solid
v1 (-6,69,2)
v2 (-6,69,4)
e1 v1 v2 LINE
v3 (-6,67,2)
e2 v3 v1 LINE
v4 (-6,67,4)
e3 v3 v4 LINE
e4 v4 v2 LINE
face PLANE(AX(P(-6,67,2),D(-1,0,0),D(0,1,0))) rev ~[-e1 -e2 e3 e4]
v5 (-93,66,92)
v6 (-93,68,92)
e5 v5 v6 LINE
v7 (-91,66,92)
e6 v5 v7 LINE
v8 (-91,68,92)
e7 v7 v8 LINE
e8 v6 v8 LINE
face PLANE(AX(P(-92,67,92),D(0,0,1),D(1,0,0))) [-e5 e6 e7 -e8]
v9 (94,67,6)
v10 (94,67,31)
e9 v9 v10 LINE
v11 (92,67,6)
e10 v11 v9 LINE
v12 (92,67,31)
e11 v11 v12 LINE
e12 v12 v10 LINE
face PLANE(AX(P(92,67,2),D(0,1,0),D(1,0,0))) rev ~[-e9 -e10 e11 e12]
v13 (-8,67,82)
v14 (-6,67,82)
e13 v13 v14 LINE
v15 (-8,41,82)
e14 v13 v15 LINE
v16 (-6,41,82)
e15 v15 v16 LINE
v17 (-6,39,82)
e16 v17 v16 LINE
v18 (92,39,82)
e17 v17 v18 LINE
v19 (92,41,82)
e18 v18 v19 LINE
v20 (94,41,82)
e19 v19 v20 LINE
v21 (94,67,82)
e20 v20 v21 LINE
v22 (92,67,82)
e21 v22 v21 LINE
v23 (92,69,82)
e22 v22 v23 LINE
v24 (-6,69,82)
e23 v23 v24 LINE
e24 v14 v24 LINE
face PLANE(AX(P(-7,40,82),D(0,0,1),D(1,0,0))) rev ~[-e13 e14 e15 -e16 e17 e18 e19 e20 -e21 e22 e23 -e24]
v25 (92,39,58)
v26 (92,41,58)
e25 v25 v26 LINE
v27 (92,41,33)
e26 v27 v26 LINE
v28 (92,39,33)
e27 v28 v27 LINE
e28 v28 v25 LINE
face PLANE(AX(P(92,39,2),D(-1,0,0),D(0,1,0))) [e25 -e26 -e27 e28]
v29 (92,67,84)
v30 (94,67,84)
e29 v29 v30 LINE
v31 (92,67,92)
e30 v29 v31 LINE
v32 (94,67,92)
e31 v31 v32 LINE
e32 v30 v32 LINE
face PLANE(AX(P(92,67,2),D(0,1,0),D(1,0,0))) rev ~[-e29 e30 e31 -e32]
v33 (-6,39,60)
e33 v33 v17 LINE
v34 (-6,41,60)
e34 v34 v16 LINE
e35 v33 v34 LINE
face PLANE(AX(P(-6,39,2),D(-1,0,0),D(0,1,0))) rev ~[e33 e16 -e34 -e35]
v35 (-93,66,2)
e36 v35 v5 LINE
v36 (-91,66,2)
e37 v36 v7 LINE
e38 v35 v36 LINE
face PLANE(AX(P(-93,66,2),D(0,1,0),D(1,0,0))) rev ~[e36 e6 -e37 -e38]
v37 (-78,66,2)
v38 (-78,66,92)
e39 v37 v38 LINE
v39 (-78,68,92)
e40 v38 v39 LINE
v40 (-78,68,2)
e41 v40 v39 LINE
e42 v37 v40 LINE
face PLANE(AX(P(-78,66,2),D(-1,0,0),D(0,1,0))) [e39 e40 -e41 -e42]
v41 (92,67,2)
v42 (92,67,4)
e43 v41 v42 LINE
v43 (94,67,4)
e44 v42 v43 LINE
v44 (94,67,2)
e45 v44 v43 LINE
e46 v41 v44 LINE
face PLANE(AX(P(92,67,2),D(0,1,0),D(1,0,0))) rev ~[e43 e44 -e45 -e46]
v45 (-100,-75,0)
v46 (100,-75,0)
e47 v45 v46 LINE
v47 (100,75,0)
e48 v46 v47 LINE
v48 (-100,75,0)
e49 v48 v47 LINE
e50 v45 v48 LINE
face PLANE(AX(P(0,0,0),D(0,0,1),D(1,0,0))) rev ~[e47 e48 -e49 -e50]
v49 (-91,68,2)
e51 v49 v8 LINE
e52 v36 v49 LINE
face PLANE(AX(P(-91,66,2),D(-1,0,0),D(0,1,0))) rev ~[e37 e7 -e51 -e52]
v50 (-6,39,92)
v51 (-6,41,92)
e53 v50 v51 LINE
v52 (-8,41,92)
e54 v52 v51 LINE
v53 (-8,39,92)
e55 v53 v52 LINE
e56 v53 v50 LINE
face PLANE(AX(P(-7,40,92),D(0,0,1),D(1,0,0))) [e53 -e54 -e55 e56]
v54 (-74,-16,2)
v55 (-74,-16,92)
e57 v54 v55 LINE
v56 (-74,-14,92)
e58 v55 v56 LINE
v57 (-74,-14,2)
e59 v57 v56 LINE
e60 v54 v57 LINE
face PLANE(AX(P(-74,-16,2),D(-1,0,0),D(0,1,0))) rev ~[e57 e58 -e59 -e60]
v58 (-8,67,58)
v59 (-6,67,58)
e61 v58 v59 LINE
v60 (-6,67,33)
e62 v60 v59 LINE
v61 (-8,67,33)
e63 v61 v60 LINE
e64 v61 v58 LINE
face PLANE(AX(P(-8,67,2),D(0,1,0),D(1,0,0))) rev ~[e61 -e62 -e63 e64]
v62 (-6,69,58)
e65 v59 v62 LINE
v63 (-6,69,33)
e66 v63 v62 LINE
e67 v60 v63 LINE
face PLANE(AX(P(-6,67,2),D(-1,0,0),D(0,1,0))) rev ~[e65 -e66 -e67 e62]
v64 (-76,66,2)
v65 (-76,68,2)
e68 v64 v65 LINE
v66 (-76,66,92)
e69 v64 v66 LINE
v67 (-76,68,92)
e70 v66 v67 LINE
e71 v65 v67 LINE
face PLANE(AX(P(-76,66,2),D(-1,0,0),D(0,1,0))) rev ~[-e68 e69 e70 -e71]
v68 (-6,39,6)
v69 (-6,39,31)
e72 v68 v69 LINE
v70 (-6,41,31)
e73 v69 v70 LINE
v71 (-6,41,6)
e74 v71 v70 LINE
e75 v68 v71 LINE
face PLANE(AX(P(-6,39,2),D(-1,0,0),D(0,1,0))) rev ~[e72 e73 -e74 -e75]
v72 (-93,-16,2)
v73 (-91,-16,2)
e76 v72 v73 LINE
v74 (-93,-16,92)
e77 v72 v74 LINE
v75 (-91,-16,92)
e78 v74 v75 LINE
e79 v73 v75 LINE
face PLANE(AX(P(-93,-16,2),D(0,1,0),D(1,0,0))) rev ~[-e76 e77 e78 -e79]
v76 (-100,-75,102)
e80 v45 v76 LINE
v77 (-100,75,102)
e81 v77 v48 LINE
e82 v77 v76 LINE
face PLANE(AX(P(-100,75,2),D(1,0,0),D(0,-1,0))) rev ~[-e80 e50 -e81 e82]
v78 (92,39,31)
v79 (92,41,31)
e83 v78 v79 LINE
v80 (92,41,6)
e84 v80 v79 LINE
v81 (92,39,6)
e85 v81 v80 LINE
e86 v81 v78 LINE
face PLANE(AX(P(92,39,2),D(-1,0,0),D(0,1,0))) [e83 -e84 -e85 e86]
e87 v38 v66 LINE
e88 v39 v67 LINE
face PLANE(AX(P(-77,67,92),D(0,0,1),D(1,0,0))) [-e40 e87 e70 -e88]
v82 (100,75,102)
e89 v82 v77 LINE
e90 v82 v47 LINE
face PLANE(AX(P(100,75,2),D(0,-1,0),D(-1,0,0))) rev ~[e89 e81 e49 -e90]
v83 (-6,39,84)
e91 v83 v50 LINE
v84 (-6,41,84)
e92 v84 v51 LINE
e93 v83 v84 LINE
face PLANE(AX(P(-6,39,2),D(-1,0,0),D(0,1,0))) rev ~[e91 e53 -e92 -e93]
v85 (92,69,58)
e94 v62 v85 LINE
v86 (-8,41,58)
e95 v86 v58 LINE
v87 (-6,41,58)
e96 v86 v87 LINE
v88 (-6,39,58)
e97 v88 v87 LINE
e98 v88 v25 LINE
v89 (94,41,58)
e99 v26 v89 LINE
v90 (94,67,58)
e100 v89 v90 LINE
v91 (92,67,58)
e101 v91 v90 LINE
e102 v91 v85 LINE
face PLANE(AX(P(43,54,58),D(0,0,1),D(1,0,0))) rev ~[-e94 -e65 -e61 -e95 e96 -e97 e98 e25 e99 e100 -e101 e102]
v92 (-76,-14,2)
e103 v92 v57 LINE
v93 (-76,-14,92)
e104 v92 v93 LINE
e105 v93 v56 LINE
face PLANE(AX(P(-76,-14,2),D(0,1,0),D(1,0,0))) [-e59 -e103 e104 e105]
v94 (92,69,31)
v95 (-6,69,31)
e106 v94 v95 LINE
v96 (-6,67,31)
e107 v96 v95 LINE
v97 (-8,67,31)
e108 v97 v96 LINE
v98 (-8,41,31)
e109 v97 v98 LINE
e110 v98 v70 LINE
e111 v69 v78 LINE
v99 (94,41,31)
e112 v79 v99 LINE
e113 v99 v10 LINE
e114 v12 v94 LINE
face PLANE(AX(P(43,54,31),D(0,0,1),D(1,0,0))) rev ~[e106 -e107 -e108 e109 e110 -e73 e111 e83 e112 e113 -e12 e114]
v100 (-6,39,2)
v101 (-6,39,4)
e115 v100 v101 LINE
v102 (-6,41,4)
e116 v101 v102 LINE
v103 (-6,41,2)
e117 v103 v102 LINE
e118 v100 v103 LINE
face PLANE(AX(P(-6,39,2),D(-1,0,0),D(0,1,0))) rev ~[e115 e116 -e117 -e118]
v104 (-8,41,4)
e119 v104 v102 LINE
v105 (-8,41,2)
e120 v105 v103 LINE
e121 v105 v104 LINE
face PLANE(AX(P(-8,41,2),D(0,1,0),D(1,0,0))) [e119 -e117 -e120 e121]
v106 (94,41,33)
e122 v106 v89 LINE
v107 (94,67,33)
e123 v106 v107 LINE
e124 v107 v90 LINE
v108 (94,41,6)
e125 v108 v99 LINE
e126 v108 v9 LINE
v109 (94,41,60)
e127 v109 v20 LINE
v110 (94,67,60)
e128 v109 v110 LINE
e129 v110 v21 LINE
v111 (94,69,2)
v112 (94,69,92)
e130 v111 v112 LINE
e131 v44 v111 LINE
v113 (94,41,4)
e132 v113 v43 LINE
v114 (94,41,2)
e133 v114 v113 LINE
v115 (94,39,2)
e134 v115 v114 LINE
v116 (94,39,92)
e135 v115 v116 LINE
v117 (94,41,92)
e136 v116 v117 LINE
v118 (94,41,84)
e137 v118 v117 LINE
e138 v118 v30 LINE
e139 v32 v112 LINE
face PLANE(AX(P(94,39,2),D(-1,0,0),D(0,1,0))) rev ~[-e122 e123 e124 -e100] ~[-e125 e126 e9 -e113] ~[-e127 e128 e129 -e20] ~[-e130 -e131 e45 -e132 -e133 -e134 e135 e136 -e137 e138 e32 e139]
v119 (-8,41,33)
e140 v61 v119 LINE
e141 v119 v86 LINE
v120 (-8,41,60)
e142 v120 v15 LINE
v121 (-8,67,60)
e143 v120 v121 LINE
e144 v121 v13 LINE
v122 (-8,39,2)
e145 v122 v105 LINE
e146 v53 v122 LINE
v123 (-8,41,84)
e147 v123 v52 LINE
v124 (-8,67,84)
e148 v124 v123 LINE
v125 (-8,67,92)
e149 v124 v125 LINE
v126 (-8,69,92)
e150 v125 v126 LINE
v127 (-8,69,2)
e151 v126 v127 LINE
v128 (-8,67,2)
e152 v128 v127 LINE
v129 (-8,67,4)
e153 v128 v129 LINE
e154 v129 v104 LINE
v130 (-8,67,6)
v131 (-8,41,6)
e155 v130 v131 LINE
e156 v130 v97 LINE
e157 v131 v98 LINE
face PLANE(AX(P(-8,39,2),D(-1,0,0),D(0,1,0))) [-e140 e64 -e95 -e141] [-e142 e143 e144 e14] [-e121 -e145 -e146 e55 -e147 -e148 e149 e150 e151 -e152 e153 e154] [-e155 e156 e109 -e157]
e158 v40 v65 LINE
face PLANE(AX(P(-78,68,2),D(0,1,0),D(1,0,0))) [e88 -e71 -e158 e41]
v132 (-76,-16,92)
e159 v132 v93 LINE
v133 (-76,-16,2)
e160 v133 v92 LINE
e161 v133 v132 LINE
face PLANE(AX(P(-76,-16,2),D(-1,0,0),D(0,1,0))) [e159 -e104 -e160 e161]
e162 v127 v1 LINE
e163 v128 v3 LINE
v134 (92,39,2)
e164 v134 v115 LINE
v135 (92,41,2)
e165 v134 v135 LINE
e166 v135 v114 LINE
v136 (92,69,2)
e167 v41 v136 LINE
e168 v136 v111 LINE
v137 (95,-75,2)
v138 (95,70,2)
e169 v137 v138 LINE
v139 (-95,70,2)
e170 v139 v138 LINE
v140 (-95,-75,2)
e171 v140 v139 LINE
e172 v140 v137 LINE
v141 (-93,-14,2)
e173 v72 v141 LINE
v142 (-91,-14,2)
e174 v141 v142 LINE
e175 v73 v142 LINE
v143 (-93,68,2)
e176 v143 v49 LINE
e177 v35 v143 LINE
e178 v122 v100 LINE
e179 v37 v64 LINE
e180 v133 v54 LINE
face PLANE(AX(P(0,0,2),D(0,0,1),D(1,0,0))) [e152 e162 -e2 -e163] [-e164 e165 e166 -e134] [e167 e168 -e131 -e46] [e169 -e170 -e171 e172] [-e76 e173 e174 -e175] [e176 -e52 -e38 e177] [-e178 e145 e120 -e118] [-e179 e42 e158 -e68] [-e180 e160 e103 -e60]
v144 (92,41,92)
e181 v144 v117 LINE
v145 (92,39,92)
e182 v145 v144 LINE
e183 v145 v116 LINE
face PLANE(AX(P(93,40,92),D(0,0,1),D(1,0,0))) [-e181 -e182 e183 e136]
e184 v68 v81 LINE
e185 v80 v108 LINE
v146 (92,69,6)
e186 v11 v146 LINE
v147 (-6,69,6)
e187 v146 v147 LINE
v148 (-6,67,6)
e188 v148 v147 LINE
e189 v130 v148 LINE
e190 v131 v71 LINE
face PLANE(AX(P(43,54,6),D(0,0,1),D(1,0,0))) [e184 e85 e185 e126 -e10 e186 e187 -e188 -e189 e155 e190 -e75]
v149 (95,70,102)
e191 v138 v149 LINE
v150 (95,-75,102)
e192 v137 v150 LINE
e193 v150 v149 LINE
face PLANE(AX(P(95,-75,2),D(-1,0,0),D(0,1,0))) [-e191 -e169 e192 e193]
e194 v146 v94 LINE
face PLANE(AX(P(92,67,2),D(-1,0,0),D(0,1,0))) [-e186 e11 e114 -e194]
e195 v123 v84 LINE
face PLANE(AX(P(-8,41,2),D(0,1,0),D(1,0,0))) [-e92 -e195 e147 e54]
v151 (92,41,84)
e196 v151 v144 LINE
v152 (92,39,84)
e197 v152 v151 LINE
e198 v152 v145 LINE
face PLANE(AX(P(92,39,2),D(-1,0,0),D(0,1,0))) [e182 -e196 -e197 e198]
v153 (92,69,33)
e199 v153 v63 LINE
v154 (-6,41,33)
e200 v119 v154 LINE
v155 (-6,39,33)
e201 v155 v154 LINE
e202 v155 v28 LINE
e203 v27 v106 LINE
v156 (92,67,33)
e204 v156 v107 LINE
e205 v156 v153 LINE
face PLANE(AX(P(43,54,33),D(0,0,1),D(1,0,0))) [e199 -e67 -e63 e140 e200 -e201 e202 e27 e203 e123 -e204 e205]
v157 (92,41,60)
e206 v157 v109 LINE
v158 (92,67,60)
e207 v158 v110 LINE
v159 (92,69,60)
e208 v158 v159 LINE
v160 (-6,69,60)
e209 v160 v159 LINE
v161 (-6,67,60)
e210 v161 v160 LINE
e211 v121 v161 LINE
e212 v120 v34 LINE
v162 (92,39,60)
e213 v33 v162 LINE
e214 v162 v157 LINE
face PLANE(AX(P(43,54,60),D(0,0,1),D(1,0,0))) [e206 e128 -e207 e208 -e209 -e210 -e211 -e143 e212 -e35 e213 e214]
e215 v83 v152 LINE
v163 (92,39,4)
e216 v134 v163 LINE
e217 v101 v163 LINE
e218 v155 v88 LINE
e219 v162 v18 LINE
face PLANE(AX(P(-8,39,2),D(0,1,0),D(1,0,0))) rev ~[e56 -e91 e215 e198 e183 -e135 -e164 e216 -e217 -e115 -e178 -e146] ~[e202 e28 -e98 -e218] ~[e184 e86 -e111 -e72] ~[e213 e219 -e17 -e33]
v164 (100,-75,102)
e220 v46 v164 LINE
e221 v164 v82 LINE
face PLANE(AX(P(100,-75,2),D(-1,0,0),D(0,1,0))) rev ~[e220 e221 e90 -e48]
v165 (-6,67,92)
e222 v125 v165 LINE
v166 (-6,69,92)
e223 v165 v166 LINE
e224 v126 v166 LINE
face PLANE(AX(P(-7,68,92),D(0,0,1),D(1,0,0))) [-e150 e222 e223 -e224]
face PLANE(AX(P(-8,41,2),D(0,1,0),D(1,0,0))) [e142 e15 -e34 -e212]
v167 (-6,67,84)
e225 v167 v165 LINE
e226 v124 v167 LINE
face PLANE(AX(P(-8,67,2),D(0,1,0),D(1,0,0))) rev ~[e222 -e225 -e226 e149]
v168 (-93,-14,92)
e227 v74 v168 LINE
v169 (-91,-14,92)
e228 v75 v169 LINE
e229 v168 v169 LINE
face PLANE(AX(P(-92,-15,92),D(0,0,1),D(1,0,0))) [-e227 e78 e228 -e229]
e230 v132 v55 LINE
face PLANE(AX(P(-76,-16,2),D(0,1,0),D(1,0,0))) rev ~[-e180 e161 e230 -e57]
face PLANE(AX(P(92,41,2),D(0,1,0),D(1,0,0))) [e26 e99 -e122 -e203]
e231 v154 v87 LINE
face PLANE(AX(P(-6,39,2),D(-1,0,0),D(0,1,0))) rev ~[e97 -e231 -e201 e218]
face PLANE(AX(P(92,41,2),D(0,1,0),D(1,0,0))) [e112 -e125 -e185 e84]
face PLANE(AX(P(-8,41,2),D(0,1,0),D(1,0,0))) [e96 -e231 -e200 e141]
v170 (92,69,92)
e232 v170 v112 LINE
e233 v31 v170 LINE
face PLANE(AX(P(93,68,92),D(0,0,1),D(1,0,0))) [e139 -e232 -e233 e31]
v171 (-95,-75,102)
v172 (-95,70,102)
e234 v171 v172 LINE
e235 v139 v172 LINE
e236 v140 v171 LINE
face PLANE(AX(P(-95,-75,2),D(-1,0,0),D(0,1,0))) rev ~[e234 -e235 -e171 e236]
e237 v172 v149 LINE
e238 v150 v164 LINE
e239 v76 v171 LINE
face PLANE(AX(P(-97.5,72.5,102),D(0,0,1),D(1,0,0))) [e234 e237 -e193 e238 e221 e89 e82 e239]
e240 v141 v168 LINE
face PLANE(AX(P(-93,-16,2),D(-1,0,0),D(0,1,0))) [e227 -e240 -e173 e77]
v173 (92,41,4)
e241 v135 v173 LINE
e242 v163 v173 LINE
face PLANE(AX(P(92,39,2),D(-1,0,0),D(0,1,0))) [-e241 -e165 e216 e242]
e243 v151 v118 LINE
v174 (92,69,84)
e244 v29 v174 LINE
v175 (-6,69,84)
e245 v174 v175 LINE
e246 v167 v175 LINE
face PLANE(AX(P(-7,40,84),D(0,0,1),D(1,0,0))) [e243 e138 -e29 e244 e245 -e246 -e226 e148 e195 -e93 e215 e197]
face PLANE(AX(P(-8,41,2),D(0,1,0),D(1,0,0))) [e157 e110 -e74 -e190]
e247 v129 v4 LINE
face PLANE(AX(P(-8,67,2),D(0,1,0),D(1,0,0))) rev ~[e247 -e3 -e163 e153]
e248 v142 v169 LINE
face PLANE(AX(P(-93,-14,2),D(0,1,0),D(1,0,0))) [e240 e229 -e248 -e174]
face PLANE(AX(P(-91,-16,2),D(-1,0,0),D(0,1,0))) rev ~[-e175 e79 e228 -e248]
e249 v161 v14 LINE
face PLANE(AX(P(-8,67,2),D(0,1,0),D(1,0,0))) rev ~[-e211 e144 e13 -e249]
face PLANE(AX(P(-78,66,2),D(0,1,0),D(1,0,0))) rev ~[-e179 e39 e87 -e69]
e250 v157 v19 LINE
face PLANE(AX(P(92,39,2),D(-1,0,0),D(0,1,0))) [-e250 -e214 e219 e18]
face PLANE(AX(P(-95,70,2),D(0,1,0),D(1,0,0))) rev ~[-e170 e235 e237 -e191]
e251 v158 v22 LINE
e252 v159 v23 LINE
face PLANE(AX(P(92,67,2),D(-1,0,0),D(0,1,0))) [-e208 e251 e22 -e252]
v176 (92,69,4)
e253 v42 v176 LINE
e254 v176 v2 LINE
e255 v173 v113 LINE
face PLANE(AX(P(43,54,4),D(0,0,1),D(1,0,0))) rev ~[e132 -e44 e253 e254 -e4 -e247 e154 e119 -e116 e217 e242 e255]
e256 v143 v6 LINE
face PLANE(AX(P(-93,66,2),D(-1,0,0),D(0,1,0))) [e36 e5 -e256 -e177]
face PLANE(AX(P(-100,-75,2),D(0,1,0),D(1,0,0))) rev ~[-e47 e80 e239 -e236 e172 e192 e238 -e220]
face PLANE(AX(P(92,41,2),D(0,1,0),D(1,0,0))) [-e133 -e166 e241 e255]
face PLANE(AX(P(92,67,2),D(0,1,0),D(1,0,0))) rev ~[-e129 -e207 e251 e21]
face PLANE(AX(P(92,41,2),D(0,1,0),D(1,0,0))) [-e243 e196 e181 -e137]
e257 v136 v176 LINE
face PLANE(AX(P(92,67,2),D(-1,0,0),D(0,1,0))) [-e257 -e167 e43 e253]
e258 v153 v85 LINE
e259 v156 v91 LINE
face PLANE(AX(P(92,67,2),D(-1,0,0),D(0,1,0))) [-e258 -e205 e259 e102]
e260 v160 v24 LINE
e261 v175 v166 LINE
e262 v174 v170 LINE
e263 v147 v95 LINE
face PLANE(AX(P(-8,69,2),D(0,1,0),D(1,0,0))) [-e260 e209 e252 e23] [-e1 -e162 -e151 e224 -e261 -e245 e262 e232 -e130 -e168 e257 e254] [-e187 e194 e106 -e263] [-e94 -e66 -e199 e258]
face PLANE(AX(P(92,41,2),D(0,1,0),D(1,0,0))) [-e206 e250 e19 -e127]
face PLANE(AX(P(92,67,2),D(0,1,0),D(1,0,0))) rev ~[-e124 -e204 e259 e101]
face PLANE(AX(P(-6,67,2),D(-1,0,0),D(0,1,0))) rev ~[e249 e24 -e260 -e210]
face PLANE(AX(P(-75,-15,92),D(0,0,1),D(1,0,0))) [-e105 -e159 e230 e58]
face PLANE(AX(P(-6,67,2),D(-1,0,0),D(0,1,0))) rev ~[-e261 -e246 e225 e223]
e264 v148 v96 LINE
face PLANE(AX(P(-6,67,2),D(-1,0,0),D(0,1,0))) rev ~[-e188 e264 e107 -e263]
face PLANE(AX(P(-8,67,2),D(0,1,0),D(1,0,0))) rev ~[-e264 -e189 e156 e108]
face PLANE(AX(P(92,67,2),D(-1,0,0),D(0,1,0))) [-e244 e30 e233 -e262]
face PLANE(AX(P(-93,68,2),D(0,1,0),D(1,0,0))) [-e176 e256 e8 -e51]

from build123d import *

# Parameters (mm, degrees)
F0_W      = 200
F0_H      = 150
F1_DEPTH  = 2
F2_W      = 5
F2_H      = 5
F2_W_2    = 190
F2_H_2    = 145
F3_DEPTH  = 100
F4_W      = 2
F4_H      = 2
F5_DEPTH  = 90
F7_W      = 2
F7_H      = 2
F8_DEPTH  = 2
F10_W     = 2
F10_H     = 2
F11_DEPTH = 2
F13_W     = 2
F13_H     = 2
F14_DEPTH = 2
F16_W     = 102
F16_H     = 30
F17_DEPTH = 2


with BuildPart() as f1:
    # F0 (on Top) → F1 (new body)
    with BuildSketch(Plane.XY):
        Rectangle(F0_W, F0_H)
    extrude(amount=F1_DEPTH)

    # F2 (on face) → F3 (join)
    with BuildSketch(Plane.XY.offset(2)):
        with Locations((-97.5, 72.5)):
            Rectangle(F2_W, F2_H)
        with Locations((0, 72.5)):
            Rectangle(F2_W_2, F2_H)
        with Locations((-97.5, -2.5)):
            Rectangle(F2_W, F2_H_2)
        with Locations((97.5, 72.5)):
            Rectangle(F2_W, F2_H)
        with Locations((97.5, -2.5)):
            Rectangle(F2_W, F2_H_2)
    extrude(amount=F3_DEPTH)

    # F4 (on face) → F5 (join)
    with BuildSketch(Plane.XY.offset(2)):
        with Locations((93, 68)):
            Rectangle(F4_W, F4_H)
        with Locations((-7, 68)):
            Rectangle(F4_W, F4_H)
        with Locations((-7, 40)):
            Rectangle(F4_W, F4_H)
        with Locations((93, 40)):
            Rectangle(F4_W, F4_H)
        with Locations((-92, 67)):
            Rectangle(F4_W, F4_H)
        with Locations((-92, -15)):
            Rectangle(F4_W, F4_H)
        with Locations((-77, 67)):
            Rectangle(F4_W, F4_H)
        with Locations((-75, -15)):
            Rectangle(F4_W, F4_H)
    extrude(amount=F5_DEPTH)

    # F7 (on offset) → F8 (join)
    with BuildSketch(Plane.XY.offset(82)):
        with Locations((-7, 40)):
            Rectangle(F7_W, F7_H)
        Polygon((-8, 69), (-8, 41), (-6, 41), (-6, 39), (94, 39), (94, 67), (92, 67), (92, 69), align=None)
        with Locations((93, 68)):
            Rectangle(F7_W, F7_H)
    extrude(amount=F8_DEPTH)

    # F10 (on offset) → F11 (join)
    with BuildSketch(Plane.XY.offset(4)):
        Polygon((92, 41), (94, 41), (94, 67), (92, 67), (92, 69), (-6, 69), (-6, 67), (-8, 67), (-8, 41), (-6, 41), (-6, 39), (92, 39), align=None)
        with Locations((93, 40)):
            Rectangle(F10_W, F10_H)
        with Locations((93, 68)):
            Rectangle(F10_W, F10_H)
        with Locations((-7, 40)):
            Rectangle(F10_W, F10_H)
        with Locations((-7, 68)):
            Rectangle(F10_W, F10_H)
    extrude(amount=F11_DEPTH)

    # F13 (on offset) → F14 (join)
    with BuildSketch(Plane.XY.offset(31)):
        Polygon((92, 41), (94, 41), (94, 67), (92, 67), (92, 69), (-6, 69), (-6, 67), (-8, 67), (-8, 41), (-6, 41), (-6, 39), (92, 39), align=None)
        with Locations((93, 40)):
            Rectangle(F13_W, F13_H)
        with Locations((93, 68)):
            Rectangle(F13_W, F13_H)
        with Locations((-7, 40)):
            Rectangle(F13_W, F13_H)
        with Locations((-7, 68)):
            Rectangle(F13_W, F13_H)
    extrude(amount=F14_DEPTH)

    # F16 (on offset) → F17 (join)
    with BuildSketch(Plane.XY.offset(58)):
        with Locations((43, 54)):
            Rectangle(F16_W, F16_H)
    extrude(amount=F17_DEPTH)


solid = f1.part
